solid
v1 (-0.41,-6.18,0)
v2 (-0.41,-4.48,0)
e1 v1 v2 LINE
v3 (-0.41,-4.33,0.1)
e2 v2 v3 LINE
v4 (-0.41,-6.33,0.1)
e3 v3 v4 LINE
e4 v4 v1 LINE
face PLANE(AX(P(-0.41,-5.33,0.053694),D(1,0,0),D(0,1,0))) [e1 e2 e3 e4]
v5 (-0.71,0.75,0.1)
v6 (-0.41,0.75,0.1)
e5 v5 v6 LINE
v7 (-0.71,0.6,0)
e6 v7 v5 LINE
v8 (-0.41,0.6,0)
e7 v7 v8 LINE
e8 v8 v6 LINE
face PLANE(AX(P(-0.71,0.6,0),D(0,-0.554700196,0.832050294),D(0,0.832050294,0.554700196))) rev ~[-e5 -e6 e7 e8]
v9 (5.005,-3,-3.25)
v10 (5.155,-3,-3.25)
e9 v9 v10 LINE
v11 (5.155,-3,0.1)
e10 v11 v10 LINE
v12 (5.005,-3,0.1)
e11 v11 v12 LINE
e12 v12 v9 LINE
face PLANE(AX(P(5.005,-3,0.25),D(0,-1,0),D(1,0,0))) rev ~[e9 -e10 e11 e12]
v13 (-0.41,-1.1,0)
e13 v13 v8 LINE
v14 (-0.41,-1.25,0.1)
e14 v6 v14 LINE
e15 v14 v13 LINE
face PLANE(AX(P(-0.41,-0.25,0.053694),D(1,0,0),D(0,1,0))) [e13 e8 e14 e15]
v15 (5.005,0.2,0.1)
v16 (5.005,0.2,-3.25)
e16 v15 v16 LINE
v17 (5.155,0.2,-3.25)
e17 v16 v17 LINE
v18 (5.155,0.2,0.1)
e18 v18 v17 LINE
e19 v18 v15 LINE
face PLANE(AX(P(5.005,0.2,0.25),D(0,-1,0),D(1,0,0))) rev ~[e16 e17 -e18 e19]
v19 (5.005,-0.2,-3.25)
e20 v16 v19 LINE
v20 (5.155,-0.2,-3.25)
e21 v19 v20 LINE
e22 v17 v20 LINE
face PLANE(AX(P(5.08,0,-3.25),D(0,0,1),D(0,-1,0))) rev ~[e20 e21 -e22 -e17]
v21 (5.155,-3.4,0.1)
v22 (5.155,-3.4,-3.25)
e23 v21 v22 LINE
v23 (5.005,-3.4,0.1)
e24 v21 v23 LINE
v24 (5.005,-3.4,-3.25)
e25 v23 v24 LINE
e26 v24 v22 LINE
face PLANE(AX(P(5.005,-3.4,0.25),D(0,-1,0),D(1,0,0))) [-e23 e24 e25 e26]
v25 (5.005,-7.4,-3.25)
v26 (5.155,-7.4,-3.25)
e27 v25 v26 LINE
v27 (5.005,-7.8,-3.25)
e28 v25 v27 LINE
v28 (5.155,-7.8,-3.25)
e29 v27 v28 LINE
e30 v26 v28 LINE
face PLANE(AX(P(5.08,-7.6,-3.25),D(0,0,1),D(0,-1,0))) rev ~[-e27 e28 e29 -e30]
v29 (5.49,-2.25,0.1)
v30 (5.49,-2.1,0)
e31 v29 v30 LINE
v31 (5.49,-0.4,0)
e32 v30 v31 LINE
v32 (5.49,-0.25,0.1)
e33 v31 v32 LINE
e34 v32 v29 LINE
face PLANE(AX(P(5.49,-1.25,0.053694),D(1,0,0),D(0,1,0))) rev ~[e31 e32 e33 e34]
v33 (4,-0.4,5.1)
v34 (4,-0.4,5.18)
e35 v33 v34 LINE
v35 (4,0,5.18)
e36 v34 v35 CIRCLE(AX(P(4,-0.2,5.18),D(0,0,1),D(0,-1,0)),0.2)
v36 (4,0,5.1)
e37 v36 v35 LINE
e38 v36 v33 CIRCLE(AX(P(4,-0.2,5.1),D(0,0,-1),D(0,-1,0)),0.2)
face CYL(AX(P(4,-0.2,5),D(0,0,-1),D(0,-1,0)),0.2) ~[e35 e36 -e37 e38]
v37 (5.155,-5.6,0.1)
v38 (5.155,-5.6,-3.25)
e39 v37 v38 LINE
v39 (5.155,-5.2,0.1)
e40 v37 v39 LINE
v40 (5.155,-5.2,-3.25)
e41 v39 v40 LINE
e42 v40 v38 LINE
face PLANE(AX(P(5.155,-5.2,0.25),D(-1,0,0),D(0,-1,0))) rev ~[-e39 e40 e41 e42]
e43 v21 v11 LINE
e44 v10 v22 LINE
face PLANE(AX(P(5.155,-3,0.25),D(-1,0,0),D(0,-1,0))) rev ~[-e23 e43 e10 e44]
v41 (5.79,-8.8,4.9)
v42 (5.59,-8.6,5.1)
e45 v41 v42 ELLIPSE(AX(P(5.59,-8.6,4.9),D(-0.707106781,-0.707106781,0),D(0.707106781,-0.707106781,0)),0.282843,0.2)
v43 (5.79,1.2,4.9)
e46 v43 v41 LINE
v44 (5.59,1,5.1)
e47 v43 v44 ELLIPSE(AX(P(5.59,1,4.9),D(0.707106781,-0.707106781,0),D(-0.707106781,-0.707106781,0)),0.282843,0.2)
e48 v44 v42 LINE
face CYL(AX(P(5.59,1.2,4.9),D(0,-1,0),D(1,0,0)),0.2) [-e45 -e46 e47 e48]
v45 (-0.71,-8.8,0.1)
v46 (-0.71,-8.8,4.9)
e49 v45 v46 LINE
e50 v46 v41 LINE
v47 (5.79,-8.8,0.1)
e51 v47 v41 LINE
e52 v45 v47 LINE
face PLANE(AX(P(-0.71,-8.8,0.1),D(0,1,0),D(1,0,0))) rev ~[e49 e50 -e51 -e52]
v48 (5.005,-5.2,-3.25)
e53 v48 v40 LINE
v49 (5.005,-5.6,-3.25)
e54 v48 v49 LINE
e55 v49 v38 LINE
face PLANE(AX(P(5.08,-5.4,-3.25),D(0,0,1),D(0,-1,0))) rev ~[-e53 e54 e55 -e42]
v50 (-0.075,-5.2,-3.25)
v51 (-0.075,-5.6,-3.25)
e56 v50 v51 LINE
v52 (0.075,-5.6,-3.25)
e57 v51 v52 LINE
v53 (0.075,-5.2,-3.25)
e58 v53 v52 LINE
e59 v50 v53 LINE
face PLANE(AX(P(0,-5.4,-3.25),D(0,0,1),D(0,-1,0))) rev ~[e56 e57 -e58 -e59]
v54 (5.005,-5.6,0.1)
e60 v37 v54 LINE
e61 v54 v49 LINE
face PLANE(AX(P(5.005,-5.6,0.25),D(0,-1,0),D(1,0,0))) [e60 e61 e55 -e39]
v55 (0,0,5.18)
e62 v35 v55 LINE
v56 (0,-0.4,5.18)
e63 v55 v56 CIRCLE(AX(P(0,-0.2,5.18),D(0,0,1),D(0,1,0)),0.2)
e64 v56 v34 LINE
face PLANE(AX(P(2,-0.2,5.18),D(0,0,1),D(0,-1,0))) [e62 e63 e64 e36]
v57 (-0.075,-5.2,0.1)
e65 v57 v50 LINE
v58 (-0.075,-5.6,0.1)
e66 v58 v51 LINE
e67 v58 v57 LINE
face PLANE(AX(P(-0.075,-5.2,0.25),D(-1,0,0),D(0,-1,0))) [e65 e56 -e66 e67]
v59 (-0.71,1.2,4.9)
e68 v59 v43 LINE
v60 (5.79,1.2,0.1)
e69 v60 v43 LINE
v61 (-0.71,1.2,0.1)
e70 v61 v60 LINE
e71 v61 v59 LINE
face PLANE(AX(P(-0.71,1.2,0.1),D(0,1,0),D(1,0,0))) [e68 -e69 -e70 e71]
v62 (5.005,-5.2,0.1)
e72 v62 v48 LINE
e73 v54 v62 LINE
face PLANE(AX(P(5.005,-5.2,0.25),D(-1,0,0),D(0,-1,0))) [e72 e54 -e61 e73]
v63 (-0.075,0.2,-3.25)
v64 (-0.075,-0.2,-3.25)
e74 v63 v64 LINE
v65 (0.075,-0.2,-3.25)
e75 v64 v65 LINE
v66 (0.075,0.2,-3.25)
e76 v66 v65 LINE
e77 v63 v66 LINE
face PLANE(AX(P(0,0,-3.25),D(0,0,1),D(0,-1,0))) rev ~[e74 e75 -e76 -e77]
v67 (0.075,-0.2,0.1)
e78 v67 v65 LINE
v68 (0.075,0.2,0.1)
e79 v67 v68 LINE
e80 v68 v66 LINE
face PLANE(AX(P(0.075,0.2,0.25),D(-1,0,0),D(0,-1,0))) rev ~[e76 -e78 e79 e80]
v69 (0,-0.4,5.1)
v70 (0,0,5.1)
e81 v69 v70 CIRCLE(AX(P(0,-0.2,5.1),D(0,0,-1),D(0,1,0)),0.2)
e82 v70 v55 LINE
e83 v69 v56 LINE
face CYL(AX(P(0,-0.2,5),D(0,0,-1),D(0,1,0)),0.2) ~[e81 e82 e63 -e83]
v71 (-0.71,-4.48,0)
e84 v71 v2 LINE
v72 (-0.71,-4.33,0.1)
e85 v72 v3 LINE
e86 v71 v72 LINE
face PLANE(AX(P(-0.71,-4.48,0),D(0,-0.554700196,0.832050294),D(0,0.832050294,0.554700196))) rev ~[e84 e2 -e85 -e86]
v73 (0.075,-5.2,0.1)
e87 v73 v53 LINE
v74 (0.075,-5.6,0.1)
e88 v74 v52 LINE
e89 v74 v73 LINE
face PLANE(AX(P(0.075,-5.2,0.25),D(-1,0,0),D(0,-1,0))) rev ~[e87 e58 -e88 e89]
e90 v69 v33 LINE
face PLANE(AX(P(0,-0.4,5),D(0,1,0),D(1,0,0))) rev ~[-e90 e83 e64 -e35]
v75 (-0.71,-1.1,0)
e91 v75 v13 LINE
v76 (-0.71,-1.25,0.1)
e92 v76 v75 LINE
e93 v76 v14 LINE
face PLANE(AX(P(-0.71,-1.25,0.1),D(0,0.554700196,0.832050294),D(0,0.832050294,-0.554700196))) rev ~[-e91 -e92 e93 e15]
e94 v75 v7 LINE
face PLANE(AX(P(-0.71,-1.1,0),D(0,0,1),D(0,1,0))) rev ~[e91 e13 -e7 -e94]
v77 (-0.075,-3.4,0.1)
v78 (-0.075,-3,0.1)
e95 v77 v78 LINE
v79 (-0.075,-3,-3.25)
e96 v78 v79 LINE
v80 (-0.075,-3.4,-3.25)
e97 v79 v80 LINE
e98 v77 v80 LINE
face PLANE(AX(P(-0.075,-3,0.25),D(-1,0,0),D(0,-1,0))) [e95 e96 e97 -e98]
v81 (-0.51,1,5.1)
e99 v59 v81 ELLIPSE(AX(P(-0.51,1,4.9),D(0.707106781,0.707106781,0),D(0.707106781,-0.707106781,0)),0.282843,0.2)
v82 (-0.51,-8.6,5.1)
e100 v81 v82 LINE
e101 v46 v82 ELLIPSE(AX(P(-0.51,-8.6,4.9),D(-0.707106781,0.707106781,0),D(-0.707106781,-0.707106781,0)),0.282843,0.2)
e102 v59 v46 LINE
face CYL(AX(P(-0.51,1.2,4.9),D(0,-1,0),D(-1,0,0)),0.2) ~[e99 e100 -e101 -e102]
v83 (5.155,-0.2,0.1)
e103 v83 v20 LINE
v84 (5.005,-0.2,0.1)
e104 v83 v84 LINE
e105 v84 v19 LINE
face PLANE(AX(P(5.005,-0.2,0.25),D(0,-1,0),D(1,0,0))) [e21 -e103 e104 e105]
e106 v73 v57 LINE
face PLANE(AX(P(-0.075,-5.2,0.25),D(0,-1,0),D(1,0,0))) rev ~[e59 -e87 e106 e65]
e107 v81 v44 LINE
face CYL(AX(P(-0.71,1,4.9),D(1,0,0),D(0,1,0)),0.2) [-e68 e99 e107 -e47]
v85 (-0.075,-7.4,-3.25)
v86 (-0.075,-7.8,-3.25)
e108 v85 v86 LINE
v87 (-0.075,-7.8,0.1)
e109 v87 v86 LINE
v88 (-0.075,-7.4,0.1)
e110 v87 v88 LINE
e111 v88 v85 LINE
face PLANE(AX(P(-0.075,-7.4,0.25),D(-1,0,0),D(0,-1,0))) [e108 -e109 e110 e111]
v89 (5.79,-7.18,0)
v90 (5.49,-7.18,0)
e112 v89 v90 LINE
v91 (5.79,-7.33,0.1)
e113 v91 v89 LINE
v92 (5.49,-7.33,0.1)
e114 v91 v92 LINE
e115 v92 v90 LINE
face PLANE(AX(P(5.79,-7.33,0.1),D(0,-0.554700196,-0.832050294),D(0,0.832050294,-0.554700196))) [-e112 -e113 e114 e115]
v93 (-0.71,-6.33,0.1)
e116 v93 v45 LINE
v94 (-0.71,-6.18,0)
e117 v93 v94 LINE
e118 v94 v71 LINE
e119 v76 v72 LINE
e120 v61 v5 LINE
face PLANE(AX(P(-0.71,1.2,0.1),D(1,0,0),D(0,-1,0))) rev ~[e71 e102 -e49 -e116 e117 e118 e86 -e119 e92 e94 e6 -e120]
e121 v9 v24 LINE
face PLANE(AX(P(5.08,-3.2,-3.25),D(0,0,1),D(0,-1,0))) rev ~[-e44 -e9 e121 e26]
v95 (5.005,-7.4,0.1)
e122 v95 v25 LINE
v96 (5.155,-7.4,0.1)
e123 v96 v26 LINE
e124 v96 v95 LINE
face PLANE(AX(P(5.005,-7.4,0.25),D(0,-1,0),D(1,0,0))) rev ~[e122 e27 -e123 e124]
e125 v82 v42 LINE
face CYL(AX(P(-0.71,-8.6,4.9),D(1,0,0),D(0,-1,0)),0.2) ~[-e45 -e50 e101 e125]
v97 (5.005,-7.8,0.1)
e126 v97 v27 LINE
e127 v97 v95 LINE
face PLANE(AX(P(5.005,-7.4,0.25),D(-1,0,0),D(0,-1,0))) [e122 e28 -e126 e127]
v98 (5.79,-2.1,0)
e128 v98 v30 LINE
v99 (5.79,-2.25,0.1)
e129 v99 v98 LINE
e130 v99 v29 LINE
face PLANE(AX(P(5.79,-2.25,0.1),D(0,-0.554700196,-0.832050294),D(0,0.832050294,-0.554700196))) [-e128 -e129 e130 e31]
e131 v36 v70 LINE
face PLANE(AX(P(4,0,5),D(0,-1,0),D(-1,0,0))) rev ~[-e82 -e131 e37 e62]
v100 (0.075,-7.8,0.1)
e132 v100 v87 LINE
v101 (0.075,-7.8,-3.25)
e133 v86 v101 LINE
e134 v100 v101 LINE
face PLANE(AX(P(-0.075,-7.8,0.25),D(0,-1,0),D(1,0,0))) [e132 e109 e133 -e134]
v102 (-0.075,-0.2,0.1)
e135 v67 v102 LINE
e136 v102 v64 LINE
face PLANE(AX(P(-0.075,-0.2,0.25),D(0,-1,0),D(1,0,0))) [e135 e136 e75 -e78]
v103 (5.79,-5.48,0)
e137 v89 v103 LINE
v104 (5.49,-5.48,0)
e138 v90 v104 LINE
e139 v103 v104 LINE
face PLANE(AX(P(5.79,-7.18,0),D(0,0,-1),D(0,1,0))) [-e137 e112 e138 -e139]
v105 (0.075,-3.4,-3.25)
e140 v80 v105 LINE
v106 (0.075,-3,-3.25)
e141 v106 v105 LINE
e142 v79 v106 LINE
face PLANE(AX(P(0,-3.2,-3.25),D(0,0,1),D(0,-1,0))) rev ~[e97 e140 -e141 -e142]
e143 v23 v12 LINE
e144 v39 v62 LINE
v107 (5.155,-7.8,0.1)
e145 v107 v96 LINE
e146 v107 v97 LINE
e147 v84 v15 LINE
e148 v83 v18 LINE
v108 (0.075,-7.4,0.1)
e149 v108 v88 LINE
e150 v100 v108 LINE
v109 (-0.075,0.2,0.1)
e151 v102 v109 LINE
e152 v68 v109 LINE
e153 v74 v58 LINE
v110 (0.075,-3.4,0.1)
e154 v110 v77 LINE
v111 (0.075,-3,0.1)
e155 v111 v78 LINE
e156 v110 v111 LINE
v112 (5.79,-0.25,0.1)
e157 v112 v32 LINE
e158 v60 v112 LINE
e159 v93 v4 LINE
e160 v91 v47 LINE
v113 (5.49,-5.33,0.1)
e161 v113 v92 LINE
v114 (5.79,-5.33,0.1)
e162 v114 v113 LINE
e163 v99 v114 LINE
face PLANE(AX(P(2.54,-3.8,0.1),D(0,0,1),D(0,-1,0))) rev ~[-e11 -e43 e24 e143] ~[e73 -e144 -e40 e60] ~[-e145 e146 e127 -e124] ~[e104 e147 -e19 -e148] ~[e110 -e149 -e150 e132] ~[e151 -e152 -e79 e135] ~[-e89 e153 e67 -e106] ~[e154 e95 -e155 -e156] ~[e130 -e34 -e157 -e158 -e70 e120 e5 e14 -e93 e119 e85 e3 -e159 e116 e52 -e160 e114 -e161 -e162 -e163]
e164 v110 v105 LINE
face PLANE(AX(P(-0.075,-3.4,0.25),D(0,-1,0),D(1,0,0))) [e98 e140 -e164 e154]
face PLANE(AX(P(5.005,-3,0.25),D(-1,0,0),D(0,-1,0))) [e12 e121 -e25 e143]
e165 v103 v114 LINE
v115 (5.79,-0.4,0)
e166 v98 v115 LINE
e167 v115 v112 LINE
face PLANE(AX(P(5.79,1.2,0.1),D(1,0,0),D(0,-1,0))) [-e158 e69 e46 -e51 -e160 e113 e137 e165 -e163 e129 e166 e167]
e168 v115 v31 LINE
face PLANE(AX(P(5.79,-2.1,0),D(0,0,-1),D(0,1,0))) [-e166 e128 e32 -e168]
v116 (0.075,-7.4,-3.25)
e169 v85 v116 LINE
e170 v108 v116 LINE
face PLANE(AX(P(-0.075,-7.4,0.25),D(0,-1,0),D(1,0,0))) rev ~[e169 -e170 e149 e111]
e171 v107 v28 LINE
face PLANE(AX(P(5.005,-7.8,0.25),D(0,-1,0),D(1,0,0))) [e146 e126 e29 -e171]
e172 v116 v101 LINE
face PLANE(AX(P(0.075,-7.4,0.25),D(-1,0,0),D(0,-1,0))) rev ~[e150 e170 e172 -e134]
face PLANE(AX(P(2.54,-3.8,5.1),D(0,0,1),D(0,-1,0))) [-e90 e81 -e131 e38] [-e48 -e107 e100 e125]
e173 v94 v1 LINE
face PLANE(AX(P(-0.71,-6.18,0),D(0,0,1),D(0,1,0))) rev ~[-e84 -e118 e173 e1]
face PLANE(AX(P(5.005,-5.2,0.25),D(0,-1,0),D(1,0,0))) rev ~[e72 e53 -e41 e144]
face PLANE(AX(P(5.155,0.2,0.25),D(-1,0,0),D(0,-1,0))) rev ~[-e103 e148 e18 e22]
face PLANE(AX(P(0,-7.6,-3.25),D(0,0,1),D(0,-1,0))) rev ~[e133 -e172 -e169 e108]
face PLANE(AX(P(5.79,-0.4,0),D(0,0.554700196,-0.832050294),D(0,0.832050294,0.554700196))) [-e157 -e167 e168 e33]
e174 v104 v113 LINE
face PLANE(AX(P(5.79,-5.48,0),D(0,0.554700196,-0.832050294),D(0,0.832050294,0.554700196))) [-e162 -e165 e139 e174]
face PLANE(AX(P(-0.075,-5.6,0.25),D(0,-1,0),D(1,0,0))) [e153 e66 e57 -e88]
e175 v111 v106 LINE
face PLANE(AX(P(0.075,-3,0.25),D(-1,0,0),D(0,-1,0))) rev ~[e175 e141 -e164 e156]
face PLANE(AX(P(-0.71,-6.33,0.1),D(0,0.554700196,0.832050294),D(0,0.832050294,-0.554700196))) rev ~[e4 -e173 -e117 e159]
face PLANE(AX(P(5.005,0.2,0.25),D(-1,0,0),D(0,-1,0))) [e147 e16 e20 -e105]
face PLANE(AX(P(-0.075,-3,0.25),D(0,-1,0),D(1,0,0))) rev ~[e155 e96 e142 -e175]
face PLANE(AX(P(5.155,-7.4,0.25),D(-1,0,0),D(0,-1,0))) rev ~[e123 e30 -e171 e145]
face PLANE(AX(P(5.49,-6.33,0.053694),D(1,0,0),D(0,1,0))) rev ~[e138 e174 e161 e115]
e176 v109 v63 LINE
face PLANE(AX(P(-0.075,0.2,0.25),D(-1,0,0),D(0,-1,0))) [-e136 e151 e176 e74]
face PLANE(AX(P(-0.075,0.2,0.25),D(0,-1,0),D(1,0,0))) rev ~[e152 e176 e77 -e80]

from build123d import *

# Parameters (mm, degrees)
PAD003_DEPTH = 0.3
PAD001_DEPTH = 0.18
SKETCH002_W  = 0.4
SKETCH002_H  = 0.15
PAD002_DEPTH = 3.5
SKETCH_W     = 10
SKETCH_H     = 6.5
PAD_DEPTH    = 5
POCKET_DEPTH = 0.5
FILLET_R     = 0.2
PAD004_DEPTH = 0.3


with BuildPart() as pad003:
    # Sketch005 → Pad003 (new body)
    with BuildSketch(Plane(origin=(-0.71, 1, 0), x_dir=(0, 1, 0), z_dir=(1, 0, 0))):
        Polygon((-7.33, 0.1), (-7.18, 0), (-5.48, 0), (-5.33, 0.1), align=None)
        Polygon((-2.25, 0.1), (-2.1, 0), (-0.4, 0), (-0.25, 0.1), align=None)
    extrude(amount=PAD003_DEPTH)


with BuildPart() as pad001:
    # Sketch001 → Pad001 (new body)
    with BuildSketch(Plane(origin=(0, 0, 5), x_dir=(0, -1, 0), z_dir=(0, 0, 1))):
        with BuildLine():
            Line((0.4, 0), (0.4, 4))
            ThreePointArc((0.4, 4), (0.2, 4.2), (0, 4))
            Line((0, 4), (0, 0))
            ThreePointArc((0, 0), (0.2, -0.2), (0.4, 0))
        make_face()
    extrude(amount=PAD001_DEPTH)


with BuildPart() as pad002:
    # Sketch002 → Pad002 (new body)
    with BuildSketch(Plane(origin=(0, 0, 0.25), x_dir=(0, -1, 0), z_dir=(0, 0, 1))):
        Rectangle(SKETCH002_W, SKETCH002_H)
        with Locations((3.2, 0)):
            Rectangle(SKETCH002_W, SKETCH002_H)
        with Locations((5.4, 0)):
            Rectangle(SKETCH002_W, SKETCH002_H)
        with Locations((7.6, 0)):
            Rectangle(SKETCH002_W, SKETCH002_H)
        with Locations((0, 5.08)):
            Rectangle(SKETCH002_W, SKETCH002_H)
        with Locations((3.2, 5.08)):
            Rectangle(SKETCH002_W, SKETCH002_H)
        with Locations((5.4, 5.08)):
            Rectangle(SKETCH002_W, SKETCH002_H)
        with Locations((7.6, 5.08)):
            Rectangle(SKETCH002_W, SKETCH002_H)
    extrude(amount=-PAD002_DEPTH)


with BuildPart() as fillet_body:
    # Sketch → Pad (new body)
    with BuildSketch(Plane(origin=(0, 0, 0.1), x_dir=(0, -1, 0), z_dir=(0, 0, 1))):
        with Locations((3.8, 2.54)):
            Rectangle(SKETCH_W, SKETCH_H)
    extrude(amount=PAD_DEPTH)

    # Sketch003 → Pocket (cut)
    with BuildSketch(Plane(origin=(0, 0, 5.1), x_dir=(0, -1, 0), z_dir=(0, 0, 1))):
        with BuildLine():
            ThreePointArc((-0.318267, 7.6), (0.223846, 7.813173), (0.45, 8.35))
            Line((0.45, 8.35), (-2.05, 8.35))
            Line((-2.05, 8.35), (-2.05, 7.6))
            Line((-2.05, 7.6), (-0.318267, 7.6))
        make_face()
        with BuildLine():
            Line((9.6, -0.75), (12.1, -0.75))
            Line((12.1, -0.75), (12.1, 0))
            Line((10.285847, 0), (12.1, 0))
            ThreePointArc((10.285847, 0), (9.797313, -0.241845), (9.6, -0.75))
        make_face()
    extrude(amount=-POCKET_DEPTH, mode=Mode.SUBTRACT)

    # Fillet
    fillet_edges = [fillet_body.edges().sort_by_distance(p)[0] for p in [
        (-0.71, -3.8, 5.1),
        (2.54, -8.8, 5.1),
        (5.79, -3.8, 5.1),
        (2.54, 1.2, 5.1),
    ]]
    fillet(fillet_edges, radius=FILLET_R)


with BuildPart() as relay_dpdt_omron_g6k_2p_y:
    # Sketch006 → Pad004 (new body)
    with BuildSketch(Plane.YZ.offset(5.79)):
        Polygon((-7.33, 0.1), (-7.18, 0), (-5.48, 0), (-5.33, 0.1), align=None)
        Polygon((-2.25, 0.1), (-2.1, 0), (-0.4, 0), (-0.25, 0.1), align=None)
    extrude(amount=-PAD004_DEPTH)

    # Pad004_mp_cp: union Pad003, Pad001, Pad002, Fillet body
    add(pad003.part)
    add(pad001.part)
    add(pad002.part)
    add(fillet_body.part)


solid = relay_dpdt_omron_g6k_2p_y.part
